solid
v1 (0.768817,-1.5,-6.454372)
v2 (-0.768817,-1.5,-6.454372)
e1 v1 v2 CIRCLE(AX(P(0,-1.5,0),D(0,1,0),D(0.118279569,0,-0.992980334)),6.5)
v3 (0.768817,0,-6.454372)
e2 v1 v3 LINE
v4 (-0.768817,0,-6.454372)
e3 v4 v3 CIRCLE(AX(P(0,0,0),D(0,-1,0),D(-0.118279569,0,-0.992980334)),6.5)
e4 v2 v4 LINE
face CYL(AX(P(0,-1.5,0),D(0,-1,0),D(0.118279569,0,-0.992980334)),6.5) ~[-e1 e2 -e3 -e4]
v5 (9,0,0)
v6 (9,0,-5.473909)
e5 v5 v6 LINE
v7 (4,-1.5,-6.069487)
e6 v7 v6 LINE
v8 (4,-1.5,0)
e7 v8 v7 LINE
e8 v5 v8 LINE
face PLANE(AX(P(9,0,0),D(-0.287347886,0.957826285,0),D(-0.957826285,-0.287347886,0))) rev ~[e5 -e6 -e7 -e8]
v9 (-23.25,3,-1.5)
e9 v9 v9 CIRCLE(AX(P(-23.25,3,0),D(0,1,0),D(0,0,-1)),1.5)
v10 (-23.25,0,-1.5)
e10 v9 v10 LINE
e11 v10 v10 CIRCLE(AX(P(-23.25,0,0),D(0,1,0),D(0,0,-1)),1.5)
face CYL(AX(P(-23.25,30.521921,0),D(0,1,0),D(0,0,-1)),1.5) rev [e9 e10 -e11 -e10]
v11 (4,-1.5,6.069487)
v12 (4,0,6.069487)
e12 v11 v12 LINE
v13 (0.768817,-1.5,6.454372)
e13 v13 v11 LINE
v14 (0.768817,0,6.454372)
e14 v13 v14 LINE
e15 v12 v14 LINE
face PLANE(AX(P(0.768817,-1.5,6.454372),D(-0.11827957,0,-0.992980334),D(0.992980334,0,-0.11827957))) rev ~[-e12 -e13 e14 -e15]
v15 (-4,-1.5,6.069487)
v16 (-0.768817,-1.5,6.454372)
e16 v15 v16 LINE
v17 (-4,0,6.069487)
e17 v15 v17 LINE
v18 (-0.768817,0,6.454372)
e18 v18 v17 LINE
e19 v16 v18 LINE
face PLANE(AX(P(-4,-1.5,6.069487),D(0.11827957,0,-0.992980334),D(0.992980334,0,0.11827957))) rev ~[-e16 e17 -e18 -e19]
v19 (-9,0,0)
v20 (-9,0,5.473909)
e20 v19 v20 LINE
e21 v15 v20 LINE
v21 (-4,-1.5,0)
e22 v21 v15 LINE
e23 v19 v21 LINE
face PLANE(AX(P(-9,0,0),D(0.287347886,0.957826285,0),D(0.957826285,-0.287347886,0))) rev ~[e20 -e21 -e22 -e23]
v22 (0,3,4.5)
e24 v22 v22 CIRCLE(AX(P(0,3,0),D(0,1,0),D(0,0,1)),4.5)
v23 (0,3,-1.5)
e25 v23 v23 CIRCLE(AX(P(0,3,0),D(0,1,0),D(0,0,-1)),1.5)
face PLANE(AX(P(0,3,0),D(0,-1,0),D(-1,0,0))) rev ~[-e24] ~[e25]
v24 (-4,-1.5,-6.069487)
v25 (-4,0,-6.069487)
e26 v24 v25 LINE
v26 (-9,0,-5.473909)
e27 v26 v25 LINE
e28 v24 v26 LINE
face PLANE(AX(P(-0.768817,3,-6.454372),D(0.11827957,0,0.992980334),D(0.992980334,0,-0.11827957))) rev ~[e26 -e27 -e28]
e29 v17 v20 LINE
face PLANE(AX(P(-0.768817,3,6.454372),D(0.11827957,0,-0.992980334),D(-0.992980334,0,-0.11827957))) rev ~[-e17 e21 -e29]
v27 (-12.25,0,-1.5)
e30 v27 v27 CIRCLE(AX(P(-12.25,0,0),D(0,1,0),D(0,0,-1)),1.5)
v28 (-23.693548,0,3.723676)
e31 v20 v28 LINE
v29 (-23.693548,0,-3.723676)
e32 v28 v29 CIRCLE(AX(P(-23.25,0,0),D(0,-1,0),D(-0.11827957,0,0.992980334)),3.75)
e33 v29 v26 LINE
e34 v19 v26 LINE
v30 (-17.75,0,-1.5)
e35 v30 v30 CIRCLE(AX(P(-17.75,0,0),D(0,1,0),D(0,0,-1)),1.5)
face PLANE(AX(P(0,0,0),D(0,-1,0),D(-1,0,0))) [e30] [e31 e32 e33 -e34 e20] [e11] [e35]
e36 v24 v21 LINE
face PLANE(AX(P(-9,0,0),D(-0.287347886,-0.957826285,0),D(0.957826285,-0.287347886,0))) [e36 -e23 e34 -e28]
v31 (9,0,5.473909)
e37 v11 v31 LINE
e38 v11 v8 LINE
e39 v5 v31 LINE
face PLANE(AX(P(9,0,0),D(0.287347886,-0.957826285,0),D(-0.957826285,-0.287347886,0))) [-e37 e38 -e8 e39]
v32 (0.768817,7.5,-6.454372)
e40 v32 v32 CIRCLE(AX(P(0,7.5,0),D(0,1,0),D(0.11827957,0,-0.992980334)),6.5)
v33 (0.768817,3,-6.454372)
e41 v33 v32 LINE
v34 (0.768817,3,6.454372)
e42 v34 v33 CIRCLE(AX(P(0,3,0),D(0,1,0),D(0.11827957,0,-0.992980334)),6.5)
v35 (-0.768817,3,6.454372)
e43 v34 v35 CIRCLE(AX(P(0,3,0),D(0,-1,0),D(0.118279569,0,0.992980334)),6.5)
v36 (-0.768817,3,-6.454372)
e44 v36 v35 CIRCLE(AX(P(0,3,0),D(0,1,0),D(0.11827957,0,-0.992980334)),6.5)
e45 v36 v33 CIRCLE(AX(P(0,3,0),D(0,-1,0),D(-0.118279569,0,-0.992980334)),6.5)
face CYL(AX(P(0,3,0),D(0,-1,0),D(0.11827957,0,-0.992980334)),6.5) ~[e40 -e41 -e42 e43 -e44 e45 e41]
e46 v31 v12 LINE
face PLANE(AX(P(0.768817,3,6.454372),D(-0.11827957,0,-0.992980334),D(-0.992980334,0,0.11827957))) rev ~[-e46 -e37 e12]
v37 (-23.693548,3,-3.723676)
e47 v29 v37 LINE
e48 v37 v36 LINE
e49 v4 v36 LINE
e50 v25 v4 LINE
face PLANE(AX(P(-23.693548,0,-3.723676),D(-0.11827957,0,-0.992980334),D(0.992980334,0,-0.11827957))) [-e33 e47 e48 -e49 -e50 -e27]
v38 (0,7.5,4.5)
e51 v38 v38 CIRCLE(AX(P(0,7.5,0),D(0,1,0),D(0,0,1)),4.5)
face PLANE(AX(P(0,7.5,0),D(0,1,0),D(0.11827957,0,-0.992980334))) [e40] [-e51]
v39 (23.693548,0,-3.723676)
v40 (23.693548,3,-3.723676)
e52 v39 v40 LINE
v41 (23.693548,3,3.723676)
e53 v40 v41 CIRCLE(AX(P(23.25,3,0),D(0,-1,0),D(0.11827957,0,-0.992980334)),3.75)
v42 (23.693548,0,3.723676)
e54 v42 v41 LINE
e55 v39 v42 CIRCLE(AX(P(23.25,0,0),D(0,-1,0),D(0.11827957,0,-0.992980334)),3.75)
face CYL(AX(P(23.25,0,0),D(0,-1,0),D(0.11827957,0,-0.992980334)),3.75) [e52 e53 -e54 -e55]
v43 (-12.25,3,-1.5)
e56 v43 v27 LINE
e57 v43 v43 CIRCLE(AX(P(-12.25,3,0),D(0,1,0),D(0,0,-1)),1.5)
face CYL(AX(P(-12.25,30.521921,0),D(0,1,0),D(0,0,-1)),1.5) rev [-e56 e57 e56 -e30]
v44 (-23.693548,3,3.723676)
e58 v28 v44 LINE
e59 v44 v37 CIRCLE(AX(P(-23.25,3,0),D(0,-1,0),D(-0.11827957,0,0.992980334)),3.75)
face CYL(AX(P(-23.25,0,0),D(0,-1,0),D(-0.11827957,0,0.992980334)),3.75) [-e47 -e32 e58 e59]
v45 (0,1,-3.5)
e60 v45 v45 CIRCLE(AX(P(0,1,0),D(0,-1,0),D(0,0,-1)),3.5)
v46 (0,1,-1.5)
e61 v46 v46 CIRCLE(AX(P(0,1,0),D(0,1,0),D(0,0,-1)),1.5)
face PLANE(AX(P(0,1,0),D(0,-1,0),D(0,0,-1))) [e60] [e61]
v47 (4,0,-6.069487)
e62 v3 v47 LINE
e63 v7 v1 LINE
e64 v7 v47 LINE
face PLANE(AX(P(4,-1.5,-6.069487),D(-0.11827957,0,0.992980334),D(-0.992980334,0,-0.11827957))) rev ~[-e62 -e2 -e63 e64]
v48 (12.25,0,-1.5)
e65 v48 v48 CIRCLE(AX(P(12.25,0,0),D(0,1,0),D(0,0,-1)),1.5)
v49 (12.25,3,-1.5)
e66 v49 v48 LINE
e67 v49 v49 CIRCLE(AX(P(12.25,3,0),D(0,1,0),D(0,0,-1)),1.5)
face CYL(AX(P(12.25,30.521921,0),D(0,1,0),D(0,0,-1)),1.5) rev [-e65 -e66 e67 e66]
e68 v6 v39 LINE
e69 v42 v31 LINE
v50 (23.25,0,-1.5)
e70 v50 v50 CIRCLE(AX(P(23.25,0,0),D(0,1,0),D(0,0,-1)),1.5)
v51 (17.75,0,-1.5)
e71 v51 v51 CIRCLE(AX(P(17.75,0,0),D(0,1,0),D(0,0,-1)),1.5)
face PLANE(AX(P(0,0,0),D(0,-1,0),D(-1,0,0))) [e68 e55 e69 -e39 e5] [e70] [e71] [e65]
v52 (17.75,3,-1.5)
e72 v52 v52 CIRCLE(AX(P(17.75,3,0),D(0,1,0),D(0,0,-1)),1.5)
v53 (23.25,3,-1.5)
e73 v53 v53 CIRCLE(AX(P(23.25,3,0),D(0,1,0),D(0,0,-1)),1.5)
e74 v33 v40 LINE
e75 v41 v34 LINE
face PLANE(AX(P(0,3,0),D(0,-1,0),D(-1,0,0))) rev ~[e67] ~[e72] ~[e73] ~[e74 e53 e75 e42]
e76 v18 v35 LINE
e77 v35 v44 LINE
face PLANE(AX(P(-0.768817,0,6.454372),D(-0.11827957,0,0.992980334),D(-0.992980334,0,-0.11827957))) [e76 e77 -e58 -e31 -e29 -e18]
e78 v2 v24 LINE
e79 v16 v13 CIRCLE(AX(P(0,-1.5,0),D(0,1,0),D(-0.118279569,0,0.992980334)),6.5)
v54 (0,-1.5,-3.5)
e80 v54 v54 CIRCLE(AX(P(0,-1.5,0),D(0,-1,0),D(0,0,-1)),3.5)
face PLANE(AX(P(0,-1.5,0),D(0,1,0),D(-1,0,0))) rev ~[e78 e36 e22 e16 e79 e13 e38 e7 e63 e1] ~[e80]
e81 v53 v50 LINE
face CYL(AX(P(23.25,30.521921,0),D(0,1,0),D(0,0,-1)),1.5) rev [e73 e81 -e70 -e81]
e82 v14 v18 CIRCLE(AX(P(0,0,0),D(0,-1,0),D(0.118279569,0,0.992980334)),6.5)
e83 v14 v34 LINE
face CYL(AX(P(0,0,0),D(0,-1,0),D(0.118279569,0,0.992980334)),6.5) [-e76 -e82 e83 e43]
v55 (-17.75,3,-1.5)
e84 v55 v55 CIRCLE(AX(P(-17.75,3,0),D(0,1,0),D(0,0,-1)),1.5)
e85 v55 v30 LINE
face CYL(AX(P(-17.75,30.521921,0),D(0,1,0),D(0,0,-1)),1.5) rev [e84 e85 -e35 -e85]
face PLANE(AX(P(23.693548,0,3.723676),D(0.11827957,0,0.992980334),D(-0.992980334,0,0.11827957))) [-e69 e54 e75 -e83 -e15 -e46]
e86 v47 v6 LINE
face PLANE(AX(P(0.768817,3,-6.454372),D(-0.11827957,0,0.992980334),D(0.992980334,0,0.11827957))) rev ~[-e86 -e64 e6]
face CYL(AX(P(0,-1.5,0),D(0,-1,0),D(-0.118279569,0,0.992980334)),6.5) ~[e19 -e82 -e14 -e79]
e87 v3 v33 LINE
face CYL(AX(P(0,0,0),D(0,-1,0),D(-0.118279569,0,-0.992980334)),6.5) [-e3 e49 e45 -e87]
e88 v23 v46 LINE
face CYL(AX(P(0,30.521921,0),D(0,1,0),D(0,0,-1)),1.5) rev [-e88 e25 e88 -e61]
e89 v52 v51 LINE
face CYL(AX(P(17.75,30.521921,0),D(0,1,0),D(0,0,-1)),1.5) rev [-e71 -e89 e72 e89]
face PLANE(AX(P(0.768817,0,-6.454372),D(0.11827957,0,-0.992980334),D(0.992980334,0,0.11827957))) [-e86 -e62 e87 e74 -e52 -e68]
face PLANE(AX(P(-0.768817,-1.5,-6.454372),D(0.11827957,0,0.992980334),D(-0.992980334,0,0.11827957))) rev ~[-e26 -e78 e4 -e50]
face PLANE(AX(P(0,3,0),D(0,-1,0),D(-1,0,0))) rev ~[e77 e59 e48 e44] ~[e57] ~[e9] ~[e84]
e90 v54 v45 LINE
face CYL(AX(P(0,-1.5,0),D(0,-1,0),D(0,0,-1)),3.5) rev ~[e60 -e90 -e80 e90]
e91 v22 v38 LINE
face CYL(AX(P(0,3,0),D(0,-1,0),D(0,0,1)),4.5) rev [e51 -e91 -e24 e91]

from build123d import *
from build123d.topology import SkipClean

# Parameters (mm, degrees)
SALIENTE_EXTRUIR1_DEPTH             = 3
CROQUIS2_R                          = 6.5
CROQUIS2_R_2                        = 4.5
SALIENTE_EXTRUIR2_DEPTH             = 4.5
SALIENTE_EXTRUIR3_START             = 1.5
SALIENTE_EXTRUIR3_DEPTH             = 1.5
SALIENTE_EXTRUIR4_REACH             = 30.766
SALIENTE_EXTRUIR4_DIRECTION_2_REACH = 30.766
SALIENTE_EXTRUIR5_REACH             = 30.766
SALIENTE_EXTRUIR5_DIRECTION_2_REACH = 30.766
CROQUIS7_R                          = 3.5
CORTAR_EXTRUIR1_DEPTH               = 2.5
CORTAR_EXTRUIR2_DEPTH               = 29.521921394
CORTAR_EXTRUIR2_DEPTH_BACK          = 29.521921394
CROQUIS8_R                          = 1.5


with BuildPart() as part:
    # Croquis1 → Saliente-Extruir1 (new body)
    with BuildSketch(Plane(origin=(0, 0, 0), x_dir=(1, 0, 0), z_dir=(0, 1, 0))):
        with BuildLine():
            Line((0.768817204, 6.45437217), (23.693548387, 3.723676252))
            ThreePointArc((23.693548387, 3.723676252), (27, 0), (23.693548387, -3.723676252))
            Line((23.693548387, -3.723676252), (0.768817204, -6.45437217))
            ThreePointArc((0.768817204, -6.45437217), (0, -6.5), (-0.768817204, -6.45437217))
            Line((-0.768817204, -6.45437217), (-23.693548387, -3.723676252))
            ThreePointArc((-23.693548387, -3.723676252), (-27, 0), (-23.693548387, 3.723676252))
            Line((-23.693548387, 3.723676252), (-0.768817204, 6.45437217))
            ThreePointArc((-0.768817204, 6.45437217), (0, 6.5), (0.768817204, 6.45437217))
        make_face()
    extrude(amount=SALIENTE_EXTRUIR1_DEPTH)

    # Croquis2 → Saliente-Extruir2 (add)
    with BuildSketch(Plane(origin=(0, 3, 0), x_dir=(1, 0, 0), z_dir=(0, 1, 0))):
        with Locations(Location((0, 0, 0), (0, 0, 83.207177944))):
            Circle(CROQUIS2_R)
        with Locations(Location((0, 0, 0), (0, 0, 270))):
            Circle(CROQUIS2_R_2, mode=Mode.SUBTRACT)
    extrude(amount=SALIENTE_EXTRUIR2_DEPTH)

    # Croquis3 → Saliente-Extruir3 (add)
    with SkipClean():  # the faces are left unmerged after this step: merging them gives an invalid solid
        with BuildSketch(Plane.XZ.offset(SALIENTE_EXTRUIR3_START)):
            with BuildLine():
                Line((4, -6.069487497), (0.768817204, -6.45437217))
                ThreePointArc((0.768817204, -6.45437217), (0, -6.5), (-0.768817204, -6.45437217))
                Line((-0.768817204, -6.45437217), (-4, -6.069487497))
                Line((-4, -6.069487497), (-4, 6.069487497))
                Line((-4, 6.069487497), (-0.768817204, 6.45437217))
                ThreePointArc((-0.768817204, 6.45437217), (0, 6.5), (0.768817204, 6.45437217))
                Line((0.768817204, 6.45437217), (4, 6.069487497))
                Line((4, 6.069487497), (4, -6.069487497))
            make_face()
        extrude(amount=-SALIENTE_EXTRUIR3_DEPTH)

    # Saliente-Extruir4: up to this plane
    with SkipClean():  # the faces are left unmerged after this step: merging them gives an invalid solid
        saliente_extruir4_end = Plane(origin=(-0.768817204, 3, 6.45437217), z_dir=(0.11827956989247339, 0, -0.992980333816361))
        # Croquis4 → Saliente-Extruir4 (add, up to the surface)
        with BuildSketch(Plane.XY, mode=Mode.PRIVATE) as saliente_extruir4_sk1:
            Polygon((-4, -1.5), (-4, 0), (-9, 0), align=None)
        saliente_extruir4_tool1 = split(extrude(saliente_extruir4_sk1.sketch, amount=SALIENTE_EXTRUIR4_REACH, mode=Mode.PRIVATE), bisect_by=saliente_extruir4_end, keep=Keep.BOTH, mode=Mode.PRIVATE)
        add(saliente_extruir4_tool1.solids().sort_by_distance((-5.666667, -0.5, 0))[0])

    # Saliente-Extruir4 direction 2: up to this plane
    with SkipClean():  # the faces are left unmerged after this step: merging them gives an invalid solid
        saliente_extruir4_direction_2_end = Plane(origin=(-0.768817204, 3, -6.45437217), z_dir=(0.11827956989247339, 0, 0.992980333816361))
        # Croquis4 → Saliente-Extruir4 direction 2 (add, up to the surface)
        with BuildSketch(Plane.XY, mode=Mode.PRIVATE) as saliente_extruir4_direction_2_sk1:
            Polygon((-4, -1.5), (-4, 0), (-9, 0), align=None)
        saliente_extruir4_direction_2_tool1 = split(extrude(saliente_extruir4_direction_2_sk1.sketch, amount=-SALIENTE_EXTRUIR4_DIRECTION_2_REACH, mode=Mode.PRIVATE), bisect_by=saliente_extruir4_direction_2_end, keep=Keep.BOTH, mode=Mode.PRIVATE)
        add(saliente_extruir4_direction_2_tool1.solids().sort_by_distance((-5.666667, -0.5, 0))[0])

    # Saliente-Extruir5: up to this plane
    with SkipClean():  # the faces are left unmerged after this step: merging them gives an invalid solid
        saliente_extruir5_end = Plane(origin=(0.768817204, 3, 6.45437217), z_dir=(-0.11827956989247339, 0, -0.992980333816361))
        # Croquis5 → Saliente-Extruir5 (add, up to the surface)
        with BuildSketch(Plane.XY, mode=Mode.PRIVATE) as saliente_extruir5_sk1:
            Polygon((4, 0), (9, 0), (4, -1.5), align=None)
        saliente_extruir5_tool1 = split(extrude(saliente_extruir5_sk1.sketch, amount=SALIENTE_EXTRUIR5_REACH, mode=Mode.PRIVATE), bisect_by=saliente_extruir5_end, keep=Keep.BOTH, mode=Mode.PRIVATE)
        add(saliente_extruir5_tool1.solids().sort_by_distance((5.666667, -0.5, 0))[0])

    # Saliente-Extruir5 direction 2: up to this plane
    with SkipClean():  # the faces are left unmerged after this step: merging them gives an invalid solid
        saliente_extruir5_direction_2_end = Plane(origin=(0.768817204, 3, -6.45437217), z_dir=(-0.11827956989247339, 0, 0.992980333816361))
        # Croquis5 → Saliente-Extruir5 direction 2 (add, up to the surface)
        with BuildSketch(Plane.XY, mode=Mode.PRIVATE) as saliente_extruir5_direction_2_sk1:
            Polygon((4, 0), (9, 0), (4, -1.5), align=None)
        saliente_extruir5_direction_2_tool1 = split(extrude(saliente_extruir5_direction_2_sk1.sketch, amount=-SALIENTE_EXTRUIR5_DIRECTION_2_REACH, mode=Mode.PRIVATE), bisect_by=saliente_extruir5_direction_2_end, keep=Keep.BOTH, mode=Mode.PRIVATE)
        add(saliente_extruir5_direction_2_tool1.solids().sort_by_distance((5.666667, -0.5, 0))[0])

    # Croquis7 → Cortar-Extruir1 (cut)
    with SkipClean():  # the faces are left unmerged after this step: merging them gives an invalid solid
        with BuildSketch(Plane.XZ.offset(1.5)):
            with Locations(Location((0, 0, 0), (0, 0, 270))):
                Circle(CROQUIS7_R)
        extrude(amount=-CORTAR_EXTRUIR1_DEPTH, mode=Mode.SUBTRACT)

    # Croquis8 → Cortar-Extruir2 (cut, two sides: drawn at the far end of the back side and taken through both)
    with SkipClean():  # the faces are left unmerged after this step: merging them gives an invalid solid
        with BuildSketch(Plane.XZ.offset(-1).offset(-CORTAR_EXTRUIR2_DEPTH_BACK)):
            with Locations(Location((0, 0, 0), (0, 0, 270))):
                Circle(CROQUIS8_R)
            with Locations(Location((12.25, 0, 0), (0, 0, 270))):
                Circle(CROQUIS8_R)
            with Locations(Location((17.75, 0, 0), (0, 0, 270))):
                Circle(CROQUIS8_R)
            with Locations(Location((23.25, 0, 0), (0, 0, 270))):
                Circle(CROQUIS8_R)
            with Locations(Location((-23.25, 0, 0), (0, 0, 270))):
                Circle(CROQUIS8_R)
            with Locations(Location((-17.75, 0, 0), (0, 0, 270))):
                Circle(CROQUIS8_R)
            with Locations(Location((-12.25, 0, 0), (0, 0, 270))):
                Circle(CROQUIS8_R)
        extrude(amount=CORTAR_EXTRUIR2_DEPTH + CORTAR_EXTRUIR2_DEPTH_BACK, mode=Mode.SUBTRACT)


solid = part.part
